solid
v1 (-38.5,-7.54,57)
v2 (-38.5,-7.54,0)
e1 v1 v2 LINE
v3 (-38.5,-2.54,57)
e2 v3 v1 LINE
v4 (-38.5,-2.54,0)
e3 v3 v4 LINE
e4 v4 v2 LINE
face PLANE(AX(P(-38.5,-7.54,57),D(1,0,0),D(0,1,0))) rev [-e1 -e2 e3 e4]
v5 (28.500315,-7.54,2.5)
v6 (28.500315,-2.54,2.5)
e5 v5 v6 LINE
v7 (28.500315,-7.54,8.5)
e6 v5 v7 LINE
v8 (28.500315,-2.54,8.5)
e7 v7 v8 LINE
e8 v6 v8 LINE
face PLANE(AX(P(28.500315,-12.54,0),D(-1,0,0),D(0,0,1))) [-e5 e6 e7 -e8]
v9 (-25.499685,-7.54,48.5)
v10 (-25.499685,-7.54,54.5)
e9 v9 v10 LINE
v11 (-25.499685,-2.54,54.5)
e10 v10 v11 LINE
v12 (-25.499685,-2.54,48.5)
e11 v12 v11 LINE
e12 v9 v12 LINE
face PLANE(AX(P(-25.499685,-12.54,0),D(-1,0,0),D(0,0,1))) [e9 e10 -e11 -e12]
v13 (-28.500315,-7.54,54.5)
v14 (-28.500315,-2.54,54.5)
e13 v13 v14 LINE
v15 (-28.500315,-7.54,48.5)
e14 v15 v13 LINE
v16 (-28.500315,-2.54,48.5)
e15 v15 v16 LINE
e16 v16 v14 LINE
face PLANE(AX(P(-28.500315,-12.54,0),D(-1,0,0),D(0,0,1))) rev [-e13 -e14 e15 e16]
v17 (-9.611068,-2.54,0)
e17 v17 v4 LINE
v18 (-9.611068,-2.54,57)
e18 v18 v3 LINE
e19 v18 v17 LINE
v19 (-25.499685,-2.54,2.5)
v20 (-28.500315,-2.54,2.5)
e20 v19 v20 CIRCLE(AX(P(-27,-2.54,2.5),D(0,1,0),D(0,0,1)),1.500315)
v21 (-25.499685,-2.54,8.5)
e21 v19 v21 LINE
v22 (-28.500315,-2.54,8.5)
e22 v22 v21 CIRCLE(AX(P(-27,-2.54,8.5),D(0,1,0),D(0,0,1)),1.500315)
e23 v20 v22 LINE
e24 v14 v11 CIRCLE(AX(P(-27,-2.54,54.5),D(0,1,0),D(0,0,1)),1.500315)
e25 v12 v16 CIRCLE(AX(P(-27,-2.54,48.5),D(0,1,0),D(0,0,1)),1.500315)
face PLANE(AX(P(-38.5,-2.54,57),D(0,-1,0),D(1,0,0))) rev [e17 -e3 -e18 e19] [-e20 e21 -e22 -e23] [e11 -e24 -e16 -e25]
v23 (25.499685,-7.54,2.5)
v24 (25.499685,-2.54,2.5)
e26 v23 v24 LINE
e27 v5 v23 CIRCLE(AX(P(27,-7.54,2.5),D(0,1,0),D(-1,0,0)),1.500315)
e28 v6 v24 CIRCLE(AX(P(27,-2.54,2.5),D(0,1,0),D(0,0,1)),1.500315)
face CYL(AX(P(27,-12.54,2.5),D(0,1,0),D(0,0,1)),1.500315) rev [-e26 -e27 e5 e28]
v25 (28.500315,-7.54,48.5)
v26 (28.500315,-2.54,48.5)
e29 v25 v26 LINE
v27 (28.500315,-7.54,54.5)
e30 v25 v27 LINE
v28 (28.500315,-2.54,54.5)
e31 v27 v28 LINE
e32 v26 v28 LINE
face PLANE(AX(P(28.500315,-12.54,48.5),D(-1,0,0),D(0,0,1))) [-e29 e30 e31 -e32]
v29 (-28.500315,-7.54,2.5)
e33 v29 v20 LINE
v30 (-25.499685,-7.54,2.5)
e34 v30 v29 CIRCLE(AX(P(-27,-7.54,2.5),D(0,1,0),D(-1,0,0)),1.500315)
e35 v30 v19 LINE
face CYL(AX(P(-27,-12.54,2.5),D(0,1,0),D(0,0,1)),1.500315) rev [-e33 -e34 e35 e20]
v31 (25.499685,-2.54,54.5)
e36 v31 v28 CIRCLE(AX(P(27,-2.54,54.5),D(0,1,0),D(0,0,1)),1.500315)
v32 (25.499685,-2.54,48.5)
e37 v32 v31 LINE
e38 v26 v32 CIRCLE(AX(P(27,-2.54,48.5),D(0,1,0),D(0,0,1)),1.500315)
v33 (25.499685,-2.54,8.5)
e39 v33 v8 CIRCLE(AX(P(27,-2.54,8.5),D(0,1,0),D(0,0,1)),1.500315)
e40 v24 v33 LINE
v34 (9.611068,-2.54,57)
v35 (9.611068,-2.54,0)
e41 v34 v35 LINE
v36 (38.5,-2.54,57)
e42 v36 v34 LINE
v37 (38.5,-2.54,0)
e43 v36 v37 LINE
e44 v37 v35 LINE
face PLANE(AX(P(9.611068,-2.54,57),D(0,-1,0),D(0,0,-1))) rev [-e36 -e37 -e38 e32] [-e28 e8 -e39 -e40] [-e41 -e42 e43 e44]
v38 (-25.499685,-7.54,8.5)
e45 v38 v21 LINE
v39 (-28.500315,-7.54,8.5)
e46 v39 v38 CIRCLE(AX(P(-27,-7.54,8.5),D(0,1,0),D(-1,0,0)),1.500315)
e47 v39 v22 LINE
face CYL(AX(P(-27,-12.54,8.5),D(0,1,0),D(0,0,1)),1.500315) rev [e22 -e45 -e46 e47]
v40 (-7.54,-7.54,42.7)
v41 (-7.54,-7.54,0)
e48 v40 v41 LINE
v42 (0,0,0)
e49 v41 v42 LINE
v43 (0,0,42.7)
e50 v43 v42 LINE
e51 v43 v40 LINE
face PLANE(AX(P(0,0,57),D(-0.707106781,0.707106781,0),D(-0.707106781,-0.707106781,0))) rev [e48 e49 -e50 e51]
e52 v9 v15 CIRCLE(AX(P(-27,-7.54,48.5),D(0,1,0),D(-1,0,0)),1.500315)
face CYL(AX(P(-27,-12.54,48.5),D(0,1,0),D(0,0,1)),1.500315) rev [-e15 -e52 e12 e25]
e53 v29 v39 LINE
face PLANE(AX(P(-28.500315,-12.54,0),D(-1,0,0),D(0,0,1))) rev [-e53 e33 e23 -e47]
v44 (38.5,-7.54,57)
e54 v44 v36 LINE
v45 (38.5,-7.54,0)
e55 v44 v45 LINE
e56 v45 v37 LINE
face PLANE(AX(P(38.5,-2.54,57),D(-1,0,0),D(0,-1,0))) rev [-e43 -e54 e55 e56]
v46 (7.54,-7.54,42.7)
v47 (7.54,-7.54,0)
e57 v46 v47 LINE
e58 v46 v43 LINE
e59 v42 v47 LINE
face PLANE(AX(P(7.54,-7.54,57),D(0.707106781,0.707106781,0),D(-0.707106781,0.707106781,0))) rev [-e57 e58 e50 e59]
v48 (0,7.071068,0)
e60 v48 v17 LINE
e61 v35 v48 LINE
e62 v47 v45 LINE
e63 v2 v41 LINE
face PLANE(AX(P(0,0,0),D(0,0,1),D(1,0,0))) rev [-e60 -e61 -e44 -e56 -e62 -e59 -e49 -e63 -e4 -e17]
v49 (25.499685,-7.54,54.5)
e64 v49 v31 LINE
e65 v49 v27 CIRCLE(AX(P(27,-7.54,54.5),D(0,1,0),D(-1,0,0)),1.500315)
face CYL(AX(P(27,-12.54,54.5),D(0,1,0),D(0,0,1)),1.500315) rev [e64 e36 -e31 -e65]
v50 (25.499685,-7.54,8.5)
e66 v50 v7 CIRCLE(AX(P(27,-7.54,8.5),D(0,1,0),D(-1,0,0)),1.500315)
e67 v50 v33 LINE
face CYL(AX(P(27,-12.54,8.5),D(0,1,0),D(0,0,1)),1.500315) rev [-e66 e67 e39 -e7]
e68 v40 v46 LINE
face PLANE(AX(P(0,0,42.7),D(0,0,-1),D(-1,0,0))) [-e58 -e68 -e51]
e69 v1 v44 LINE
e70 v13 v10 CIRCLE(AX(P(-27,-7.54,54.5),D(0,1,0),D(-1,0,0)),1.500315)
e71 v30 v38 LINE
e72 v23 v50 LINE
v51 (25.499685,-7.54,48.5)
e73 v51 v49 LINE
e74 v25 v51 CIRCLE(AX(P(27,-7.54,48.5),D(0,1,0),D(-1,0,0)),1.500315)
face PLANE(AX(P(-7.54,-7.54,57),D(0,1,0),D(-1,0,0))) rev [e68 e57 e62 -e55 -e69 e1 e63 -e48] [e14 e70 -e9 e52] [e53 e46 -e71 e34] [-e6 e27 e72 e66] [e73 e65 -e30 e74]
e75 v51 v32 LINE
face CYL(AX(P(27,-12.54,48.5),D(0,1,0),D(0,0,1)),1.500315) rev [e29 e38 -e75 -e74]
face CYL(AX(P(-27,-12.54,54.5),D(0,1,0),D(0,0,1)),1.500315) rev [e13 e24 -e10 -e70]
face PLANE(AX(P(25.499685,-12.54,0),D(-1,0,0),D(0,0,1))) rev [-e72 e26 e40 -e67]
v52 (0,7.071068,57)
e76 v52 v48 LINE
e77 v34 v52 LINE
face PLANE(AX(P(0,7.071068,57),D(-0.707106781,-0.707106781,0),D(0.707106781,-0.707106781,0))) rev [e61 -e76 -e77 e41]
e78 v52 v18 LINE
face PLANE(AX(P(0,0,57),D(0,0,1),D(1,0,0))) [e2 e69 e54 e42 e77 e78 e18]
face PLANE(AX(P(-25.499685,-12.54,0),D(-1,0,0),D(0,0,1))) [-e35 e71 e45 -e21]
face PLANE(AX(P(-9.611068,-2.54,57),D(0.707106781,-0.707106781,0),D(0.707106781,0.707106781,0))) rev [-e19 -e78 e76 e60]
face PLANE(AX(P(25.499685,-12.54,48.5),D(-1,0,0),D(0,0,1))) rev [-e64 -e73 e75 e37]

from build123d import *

# Parameters (mm, degrees)
BOSS_EXTRUDE1_DEPTH = 57
BOSS_EXTRUDE2_DEPTH = 14.3
CUT_EXTRUDE1_DEPTH  = 10


with BuildPart() as part:
    # Sketch1 → Boss-Extrude1 (new body)
    with BuildSketch(Plane.XY):
        Polygon((0, 0), (-7.54, -7.54), (-38.5, -7.54), (-38.5, -2.54), (-9.611067812, -2.54), (0, 7.071067812), (9.611067812, -2.54), (38.5, -2.54), (38.5, -7.54), (7.54, -7.54), align=None)
    extrude(amount=BOSS_EXTRUDE1_DEPTH)

    # Sketch2 → Boss-Extrude2 (add)
    with BuildSketch(Plane.XY.offset(57)):
        Polygon((-7.54, -7.54), (0, 0), (7.54, -7.54), align=None)
    extrude(amount=-BOSS_EXTRUDE2_DEPTH)

    # Sketch3 → Cut-Extrude1 (cut)
    with BuildSketch(Plane(origin=(0, -2.54, 0), x_dir=(1, 0, 0), z_dir=(0, 1, 0))):
        with BuildLine():
            Line((-28.500315349, -48.5), (-28.500315349, -54.5))
            ThreePointArc((-28.500315349, -54.5), (-27, -56.000315349), (-25.499684651, -54.5))
            Line((-25.499684651, -54.5), (-25.499684651, -48.5))
            ThreePointArc((-25.499684651, -48.5), (-27, -46.999684651), (-28.500315349, -48.5))
        make_face()
        with BuildLine():
            Line((25.499684651, -2.5), (25.499684651, -8.5))
            ThreePointArc((25.499684651, -8.5), (27, -10.000315349), (28.500315349, -8.5))
            Line((28.500315349, -8.5), (28.500315349, -2.5))
            ThreePointArc((28.500315349, -2.5), (27, -0.999684651), (25.499684651, -2.5))
        make_face()
        with BuildLine():
            Line((-28.500315349, -2.5), (-28.500315349, -8.5))
            ThreePointArc((-28.500315349, -8.5), (-27, -10.000315349), (-25.499684651, -8.5))
            Line((-25.499684651, -8.5), (-25.499684651, -2.5))
            ThreePointArc((-25.499684651, -2.5), (-27, -0.999684651), (-28.500315349, -2.5))
        make_face()
        with BuildLine():
            Line((25.499684651, -48.5), (25.499684651, -54.5))
            ThreePointArc((25.499684651, -54.5), (27, -56.000315349), (28.500315349, -54.5))
            Line((28.500315349, -54.5), (28.500315349, -48.5))
            ThreePointArc((28.500315349, -48.5), (27, -46.999684651), (25.499684651, -48.5))
        make_face()
    extrude(amount=-CUT_EXTRUDE1_DEPTH, mode=Mode.SUBTRACT)


solid = part.part
